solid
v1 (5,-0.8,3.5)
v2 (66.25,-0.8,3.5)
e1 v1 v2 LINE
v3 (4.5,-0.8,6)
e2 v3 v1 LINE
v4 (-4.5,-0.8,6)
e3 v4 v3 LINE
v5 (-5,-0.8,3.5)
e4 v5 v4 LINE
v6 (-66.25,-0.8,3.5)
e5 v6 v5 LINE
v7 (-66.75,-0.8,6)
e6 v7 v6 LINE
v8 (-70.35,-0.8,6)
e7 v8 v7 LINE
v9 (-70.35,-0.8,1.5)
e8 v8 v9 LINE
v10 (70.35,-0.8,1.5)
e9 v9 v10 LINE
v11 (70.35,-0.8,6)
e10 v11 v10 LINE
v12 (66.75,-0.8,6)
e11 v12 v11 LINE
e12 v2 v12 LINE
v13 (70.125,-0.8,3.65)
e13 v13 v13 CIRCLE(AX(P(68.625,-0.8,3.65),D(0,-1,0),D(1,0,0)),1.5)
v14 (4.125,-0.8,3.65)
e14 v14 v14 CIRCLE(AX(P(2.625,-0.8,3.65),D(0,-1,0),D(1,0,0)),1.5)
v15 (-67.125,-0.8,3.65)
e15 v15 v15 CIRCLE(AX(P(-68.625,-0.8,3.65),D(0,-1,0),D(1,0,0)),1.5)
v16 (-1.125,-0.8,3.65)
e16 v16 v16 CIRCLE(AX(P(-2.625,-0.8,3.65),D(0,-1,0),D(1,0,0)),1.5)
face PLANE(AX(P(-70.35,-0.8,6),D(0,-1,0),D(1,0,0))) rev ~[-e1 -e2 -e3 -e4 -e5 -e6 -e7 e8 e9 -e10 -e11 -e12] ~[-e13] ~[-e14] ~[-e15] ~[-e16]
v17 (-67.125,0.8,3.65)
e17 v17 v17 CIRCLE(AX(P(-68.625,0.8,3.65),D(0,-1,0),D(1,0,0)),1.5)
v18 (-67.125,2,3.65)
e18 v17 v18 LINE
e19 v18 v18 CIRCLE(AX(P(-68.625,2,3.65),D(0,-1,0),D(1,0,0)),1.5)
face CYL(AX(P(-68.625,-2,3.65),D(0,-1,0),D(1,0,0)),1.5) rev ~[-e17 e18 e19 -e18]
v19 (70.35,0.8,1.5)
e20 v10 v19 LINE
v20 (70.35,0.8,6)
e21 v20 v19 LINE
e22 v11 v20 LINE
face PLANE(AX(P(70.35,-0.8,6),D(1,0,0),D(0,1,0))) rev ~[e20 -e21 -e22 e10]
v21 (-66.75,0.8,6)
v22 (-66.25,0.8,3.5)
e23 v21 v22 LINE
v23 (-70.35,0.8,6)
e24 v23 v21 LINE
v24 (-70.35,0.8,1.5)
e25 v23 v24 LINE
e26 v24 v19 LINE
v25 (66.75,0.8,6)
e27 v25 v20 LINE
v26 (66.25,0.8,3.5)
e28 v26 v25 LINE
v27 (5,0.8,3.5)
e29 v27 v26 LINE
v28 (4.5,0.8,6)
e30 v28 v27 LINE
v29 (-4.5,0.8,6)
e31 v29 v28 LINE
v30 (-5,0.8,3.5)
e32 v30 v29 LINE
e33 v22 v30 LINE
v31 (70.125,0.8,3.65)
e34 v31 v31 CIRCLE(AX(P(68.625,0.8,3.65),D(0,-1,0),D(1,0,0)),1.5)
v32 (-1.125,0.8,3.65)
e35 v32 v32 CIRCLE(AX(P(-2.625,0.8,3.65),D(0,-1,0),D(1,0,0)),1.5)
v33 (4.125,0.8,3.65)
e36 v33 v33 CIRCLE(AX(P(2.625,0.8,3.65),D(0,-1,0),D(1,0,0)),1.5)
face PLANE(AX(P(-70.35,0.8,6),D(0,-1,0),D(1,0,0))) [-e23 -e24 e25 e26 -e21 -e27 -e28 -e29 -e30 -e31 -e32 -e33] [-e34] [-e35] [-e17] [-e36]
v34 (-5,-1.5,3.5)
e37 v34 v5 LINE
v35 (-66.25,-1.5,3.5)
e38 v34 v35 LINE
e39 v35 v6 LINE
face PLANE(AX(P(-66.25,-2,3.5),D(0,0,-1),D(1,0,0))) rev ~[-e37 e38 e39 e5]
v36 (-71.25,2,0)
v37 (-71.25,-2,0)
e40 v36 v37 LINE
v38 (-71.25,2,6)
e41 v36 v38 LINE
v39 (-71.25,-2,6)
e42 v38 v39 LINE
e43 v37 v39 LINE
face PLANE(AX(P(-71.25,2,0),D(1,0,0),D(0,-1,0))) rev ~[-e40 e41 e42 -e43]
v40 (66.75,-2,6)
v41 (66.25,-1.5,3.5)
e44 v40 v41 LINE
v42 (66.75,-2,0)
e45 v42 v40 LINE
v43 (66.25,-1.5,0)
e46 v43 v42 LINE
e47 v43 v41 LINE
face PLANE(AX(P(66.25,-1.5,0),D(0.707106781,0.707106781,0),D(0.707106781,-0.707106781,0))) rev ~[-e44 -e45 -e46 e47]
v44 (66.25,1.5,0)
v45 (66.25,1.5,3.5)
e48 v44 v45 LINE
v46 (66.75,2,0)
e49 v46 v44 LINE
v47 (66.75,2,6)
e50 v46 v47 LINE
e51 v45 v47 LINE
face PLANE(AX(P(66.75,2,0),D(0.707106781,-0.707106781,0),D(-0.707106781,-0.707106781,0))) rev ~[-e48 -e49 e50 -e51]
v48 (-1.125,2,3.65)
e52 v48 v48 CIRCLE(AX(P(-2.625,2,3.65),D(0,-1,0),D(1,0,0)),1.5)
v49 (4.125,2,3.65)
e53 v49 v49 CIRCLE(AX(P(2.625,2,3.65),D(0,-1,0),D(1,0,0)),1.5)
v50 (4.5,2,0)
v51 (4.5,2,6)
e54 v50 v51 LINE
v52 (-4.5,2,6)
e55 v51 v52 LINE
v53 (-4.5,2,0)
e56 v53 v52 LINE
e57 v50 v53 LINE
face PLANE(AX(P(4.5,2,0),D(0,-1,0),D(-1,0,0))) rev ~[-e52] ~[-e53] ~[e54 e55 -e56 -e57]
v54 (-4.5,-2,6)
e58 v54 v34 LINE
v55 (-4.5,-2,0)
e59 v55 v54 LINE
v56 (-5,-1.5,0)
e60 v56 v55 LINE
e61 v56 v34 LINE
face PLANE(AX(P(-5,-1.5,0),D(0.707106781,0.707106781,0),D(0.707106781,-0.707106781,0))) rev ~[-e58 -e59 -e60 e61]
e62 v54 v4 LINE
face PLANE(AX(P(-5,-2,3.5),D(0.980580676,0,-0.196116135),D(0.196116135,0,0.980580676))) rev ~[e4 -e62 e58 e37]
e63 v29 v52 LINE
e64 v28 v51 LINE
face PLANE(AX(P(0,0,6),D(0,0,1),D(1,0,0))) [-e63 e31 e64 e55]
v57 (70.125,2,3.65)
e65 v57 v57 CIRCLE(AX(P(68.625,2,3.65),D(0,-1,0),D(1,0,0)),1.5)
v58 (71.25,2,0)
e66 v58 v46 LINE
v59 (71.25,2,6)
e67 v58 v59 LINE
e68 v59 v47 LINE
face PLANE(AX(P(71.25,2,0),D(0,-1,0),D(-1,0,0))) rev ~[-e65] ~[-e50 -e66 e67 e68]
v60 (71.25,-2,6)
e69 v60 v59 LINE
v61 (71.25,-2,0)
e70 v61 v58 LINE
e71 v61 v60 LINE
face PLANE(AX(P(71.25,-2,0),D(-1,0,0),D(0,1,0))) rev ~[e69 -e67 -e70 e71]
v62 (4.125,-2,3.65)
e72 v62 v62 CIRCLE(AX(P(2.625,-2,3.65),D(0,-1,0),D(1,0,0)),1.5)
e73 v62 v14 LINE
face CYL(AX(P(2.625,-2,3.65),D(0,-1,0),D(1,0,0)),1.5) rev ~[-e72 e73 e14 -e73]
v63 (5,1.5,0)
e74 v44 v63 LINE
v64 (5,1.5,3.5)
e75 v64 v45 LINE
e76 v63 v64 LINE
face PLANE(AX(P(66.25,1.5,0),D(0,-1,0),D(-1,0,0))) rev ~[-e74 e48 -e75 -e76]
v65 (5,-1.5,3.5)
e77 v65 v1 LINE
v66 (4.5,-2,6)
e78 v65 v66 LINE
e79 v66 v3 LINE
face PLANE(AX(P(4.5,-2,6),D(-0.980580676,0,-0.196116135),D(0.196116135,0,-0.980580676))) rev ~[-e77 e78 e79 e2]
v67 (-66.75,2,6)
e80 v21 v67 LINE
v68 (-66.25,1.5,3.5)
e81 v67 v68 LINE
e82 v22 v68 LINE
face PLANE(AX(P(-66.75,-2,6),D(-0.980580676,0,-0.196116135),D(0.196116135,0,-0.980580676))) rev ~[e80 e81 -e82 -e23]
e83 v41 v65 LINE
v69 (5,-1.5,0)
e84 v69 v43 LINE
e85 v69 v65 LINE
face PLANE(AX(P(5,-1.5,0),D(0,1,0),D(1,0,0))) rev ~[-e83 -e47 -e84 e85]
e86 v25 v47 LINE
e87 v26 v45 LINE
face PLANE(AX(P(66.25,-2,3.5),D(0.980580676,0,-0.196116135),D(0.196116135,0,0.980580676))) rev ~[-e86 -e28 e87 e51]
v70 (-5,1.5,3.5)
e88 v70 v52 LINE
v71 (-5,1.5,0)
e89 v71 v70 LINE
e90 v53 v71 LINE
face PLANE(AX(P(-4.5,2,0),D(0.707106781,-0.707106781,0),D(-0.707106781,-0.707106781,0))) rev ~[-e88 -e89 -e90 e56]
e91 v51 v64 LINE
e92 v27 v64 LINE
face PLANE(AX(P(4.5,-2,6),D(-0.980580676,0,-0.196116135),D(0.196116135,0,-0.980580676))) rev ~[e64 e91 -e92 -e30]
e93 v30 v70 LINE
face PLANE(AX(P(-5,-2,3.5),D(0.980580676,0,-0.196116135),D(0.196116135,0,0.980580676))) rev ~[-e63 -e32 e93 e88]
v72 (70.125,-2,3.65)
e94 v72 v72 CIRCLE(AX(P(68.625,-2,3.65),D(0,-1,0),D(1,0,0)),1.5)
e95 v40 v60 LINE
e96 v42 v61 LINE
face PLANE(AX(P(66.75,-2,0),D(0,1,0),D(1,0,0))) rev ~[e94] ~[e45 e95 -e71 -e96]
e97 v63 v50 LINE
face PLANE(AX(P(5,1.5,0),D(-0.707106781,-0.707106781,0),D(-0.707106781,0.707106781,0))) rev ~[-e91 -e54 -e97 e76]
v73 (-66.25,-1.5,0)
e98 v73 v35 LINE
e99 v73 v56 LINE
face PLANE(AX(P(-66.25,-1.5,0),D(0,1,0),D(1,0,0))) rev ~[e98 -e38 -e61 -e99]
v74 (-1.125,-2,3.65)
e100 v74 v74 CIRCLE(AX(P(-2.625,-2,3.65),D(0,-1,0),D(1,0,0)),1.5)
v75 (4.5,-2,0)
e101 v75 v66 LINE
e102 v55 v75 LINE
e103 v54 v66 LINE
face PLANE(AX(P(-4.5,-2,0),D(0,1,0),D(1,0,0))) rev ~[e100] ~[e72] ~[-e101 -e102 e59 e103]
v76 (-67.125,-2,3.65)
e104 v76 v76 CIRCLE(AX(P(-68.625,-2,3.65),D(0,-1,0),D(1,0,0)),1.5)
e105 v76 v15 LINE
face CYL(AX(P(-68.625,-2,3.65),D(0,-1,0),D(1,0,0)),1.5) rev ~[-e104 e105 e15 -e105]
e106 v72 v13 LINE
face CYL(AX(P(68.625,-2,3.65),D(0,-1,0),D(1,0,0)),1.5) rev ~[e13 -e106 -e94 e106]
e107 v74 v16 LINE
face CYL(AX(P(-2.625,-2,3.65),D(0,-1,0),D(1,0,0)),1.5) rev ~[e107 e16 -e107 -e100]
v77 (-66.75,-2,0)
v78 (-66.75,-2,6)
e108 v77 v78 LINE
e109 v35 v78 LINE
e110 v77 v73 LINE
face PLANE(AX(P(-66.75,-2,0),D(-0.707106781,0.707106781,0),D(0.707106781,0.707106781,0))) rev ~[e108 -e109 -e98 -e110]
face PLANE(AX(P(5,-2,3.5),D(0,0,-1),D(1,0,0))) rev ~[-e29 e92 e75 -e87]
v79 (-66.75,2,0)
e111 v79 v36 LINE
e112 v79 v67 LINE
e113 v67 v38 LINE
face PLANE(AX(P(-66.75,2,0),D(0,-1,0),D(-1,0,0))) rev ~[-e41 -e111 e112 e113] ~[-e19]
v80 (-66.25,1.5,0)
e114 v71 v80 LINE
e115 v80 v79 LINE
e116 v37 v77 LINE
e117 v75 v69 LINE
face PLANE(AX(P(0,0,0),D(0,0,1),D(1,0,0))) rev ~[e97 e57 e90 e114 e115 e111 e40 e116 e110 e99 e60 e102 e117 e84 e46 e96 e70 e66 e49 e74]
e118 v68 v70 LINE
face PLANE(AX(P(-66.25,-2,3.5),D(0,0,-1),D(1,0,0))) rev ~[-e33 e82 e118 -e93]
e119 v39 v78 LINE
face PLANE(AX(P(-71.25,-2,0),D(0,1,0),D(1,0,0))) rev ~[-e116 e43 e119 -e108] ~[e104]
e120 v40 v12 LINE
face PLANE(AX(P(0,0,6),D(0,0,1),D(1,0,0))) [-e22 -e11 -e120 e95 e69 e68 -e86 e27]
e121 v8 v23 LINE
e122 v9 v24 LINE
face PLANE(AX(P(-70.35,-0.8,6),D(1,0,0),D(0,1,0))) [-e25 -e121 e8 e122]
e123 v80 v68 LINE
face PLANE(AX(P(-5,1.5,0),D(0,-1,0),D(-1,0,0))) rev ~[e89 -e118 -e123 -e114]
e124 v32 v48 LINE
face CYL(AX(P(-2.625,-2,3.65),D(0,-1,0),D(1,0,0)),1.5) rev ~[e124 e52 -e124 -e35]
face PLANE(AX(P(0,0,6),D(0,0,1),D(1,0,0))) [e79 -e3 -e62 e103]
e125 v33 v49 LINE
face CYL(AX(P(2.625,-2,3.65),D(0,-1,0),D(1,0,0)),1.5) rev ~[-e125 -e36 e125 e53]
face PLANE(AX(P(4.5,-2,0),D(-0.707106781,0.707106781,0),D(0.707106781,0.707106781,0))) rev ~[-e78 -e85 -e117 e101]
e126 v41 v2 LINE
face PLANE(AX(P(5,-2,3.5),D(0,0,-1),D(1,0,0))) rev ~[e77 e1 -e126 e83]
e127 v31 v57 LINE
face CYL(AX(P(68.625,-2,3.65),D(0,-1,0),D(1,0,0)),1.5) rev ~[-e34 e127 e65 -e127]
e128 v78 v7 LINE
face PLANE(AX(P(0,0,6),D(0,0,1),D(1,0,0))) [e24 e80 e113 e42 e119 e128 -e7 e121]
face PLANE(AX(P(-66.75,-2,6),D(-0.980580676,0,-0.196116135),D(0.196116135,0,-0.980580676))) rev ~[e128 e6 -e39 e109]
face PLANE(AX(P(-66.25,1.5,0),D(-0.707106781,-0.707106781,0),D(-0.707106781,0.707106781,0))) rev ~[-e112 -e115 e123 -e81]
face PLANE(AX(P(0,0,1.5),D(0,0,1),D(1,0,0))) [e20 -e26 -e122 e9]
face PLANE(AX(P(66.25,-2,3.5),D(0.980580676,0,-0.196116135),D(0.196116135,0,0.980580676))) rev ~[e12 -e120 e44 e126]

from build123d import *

# Parameters (mm, degrees)
PAD_DEPTH       = 6
SKETCH001_W     = 140.7
SKETCH001_H     = 1.6
POCKET_DEPTH    = 4.5
SKETCH002_R     = 1.5
POCKET001_DEPTH = 4.001


with BuildPart() as part:
    # Sketch → Pad (new body)
    with BuildSketch(Plane.XY):
        Polygon((-71.25, 2), (-71.25, -2), (-66.75, -2), (-66.25, -1.5), (-5, -1.5), (-4.5, -2), (4.5, -2), (5, -1.5), (66.25, -1.5), (66.75, -2), (71.25, -2), (71.25, 2), (66.75, 2), (66.25, 1.5), (5, 1.5), (4.5, 2), (-4.5, 2), (-5, 1.5), (-66.25, 1.5), (-66.75, 2), align=None)
    extrude(amount=PAD_DEPTH)

    # Sketch001 (on Face22 of Pad) → Pocket (cut)
    with BuildSketch(Plane.XY.offset(6)):
        Rectangle(SKETCH001_W, SKETCH001_H)
    extrude(amount=-POCKET_DEPTH, mode=Mode.SUBTRACT)

    # Sketch002 (on Face10 of Pocket) → Pocket001 (cut, through all)
    with BuildSketch(Plane.XZ.offset(2)):
        with Locations((-68.625, 3.65)):
            Circle(SKETCH002_R)
        with Locations((-2.625, 3.65)):
            Circle(SKETCH002_R)
        with Locations((2.625, 3.65)):
            Circle(SKETCH002_R)
        with Locations((68.625, 3.65)):
            Circle(SKETCH002_R)
        Polygon((-66.75, 6), (-66.25, 3.5), (-5, 3.5), (-4.5, 6), align=None)
        Polygon((4.5, 6), (5, 3.5), (66.25, 3.5), (66.75, 6), align=None)
    extrude(amount=-POCKET001_DEPTH, mode=Mode.SUBTRACT)


solid = part.part
